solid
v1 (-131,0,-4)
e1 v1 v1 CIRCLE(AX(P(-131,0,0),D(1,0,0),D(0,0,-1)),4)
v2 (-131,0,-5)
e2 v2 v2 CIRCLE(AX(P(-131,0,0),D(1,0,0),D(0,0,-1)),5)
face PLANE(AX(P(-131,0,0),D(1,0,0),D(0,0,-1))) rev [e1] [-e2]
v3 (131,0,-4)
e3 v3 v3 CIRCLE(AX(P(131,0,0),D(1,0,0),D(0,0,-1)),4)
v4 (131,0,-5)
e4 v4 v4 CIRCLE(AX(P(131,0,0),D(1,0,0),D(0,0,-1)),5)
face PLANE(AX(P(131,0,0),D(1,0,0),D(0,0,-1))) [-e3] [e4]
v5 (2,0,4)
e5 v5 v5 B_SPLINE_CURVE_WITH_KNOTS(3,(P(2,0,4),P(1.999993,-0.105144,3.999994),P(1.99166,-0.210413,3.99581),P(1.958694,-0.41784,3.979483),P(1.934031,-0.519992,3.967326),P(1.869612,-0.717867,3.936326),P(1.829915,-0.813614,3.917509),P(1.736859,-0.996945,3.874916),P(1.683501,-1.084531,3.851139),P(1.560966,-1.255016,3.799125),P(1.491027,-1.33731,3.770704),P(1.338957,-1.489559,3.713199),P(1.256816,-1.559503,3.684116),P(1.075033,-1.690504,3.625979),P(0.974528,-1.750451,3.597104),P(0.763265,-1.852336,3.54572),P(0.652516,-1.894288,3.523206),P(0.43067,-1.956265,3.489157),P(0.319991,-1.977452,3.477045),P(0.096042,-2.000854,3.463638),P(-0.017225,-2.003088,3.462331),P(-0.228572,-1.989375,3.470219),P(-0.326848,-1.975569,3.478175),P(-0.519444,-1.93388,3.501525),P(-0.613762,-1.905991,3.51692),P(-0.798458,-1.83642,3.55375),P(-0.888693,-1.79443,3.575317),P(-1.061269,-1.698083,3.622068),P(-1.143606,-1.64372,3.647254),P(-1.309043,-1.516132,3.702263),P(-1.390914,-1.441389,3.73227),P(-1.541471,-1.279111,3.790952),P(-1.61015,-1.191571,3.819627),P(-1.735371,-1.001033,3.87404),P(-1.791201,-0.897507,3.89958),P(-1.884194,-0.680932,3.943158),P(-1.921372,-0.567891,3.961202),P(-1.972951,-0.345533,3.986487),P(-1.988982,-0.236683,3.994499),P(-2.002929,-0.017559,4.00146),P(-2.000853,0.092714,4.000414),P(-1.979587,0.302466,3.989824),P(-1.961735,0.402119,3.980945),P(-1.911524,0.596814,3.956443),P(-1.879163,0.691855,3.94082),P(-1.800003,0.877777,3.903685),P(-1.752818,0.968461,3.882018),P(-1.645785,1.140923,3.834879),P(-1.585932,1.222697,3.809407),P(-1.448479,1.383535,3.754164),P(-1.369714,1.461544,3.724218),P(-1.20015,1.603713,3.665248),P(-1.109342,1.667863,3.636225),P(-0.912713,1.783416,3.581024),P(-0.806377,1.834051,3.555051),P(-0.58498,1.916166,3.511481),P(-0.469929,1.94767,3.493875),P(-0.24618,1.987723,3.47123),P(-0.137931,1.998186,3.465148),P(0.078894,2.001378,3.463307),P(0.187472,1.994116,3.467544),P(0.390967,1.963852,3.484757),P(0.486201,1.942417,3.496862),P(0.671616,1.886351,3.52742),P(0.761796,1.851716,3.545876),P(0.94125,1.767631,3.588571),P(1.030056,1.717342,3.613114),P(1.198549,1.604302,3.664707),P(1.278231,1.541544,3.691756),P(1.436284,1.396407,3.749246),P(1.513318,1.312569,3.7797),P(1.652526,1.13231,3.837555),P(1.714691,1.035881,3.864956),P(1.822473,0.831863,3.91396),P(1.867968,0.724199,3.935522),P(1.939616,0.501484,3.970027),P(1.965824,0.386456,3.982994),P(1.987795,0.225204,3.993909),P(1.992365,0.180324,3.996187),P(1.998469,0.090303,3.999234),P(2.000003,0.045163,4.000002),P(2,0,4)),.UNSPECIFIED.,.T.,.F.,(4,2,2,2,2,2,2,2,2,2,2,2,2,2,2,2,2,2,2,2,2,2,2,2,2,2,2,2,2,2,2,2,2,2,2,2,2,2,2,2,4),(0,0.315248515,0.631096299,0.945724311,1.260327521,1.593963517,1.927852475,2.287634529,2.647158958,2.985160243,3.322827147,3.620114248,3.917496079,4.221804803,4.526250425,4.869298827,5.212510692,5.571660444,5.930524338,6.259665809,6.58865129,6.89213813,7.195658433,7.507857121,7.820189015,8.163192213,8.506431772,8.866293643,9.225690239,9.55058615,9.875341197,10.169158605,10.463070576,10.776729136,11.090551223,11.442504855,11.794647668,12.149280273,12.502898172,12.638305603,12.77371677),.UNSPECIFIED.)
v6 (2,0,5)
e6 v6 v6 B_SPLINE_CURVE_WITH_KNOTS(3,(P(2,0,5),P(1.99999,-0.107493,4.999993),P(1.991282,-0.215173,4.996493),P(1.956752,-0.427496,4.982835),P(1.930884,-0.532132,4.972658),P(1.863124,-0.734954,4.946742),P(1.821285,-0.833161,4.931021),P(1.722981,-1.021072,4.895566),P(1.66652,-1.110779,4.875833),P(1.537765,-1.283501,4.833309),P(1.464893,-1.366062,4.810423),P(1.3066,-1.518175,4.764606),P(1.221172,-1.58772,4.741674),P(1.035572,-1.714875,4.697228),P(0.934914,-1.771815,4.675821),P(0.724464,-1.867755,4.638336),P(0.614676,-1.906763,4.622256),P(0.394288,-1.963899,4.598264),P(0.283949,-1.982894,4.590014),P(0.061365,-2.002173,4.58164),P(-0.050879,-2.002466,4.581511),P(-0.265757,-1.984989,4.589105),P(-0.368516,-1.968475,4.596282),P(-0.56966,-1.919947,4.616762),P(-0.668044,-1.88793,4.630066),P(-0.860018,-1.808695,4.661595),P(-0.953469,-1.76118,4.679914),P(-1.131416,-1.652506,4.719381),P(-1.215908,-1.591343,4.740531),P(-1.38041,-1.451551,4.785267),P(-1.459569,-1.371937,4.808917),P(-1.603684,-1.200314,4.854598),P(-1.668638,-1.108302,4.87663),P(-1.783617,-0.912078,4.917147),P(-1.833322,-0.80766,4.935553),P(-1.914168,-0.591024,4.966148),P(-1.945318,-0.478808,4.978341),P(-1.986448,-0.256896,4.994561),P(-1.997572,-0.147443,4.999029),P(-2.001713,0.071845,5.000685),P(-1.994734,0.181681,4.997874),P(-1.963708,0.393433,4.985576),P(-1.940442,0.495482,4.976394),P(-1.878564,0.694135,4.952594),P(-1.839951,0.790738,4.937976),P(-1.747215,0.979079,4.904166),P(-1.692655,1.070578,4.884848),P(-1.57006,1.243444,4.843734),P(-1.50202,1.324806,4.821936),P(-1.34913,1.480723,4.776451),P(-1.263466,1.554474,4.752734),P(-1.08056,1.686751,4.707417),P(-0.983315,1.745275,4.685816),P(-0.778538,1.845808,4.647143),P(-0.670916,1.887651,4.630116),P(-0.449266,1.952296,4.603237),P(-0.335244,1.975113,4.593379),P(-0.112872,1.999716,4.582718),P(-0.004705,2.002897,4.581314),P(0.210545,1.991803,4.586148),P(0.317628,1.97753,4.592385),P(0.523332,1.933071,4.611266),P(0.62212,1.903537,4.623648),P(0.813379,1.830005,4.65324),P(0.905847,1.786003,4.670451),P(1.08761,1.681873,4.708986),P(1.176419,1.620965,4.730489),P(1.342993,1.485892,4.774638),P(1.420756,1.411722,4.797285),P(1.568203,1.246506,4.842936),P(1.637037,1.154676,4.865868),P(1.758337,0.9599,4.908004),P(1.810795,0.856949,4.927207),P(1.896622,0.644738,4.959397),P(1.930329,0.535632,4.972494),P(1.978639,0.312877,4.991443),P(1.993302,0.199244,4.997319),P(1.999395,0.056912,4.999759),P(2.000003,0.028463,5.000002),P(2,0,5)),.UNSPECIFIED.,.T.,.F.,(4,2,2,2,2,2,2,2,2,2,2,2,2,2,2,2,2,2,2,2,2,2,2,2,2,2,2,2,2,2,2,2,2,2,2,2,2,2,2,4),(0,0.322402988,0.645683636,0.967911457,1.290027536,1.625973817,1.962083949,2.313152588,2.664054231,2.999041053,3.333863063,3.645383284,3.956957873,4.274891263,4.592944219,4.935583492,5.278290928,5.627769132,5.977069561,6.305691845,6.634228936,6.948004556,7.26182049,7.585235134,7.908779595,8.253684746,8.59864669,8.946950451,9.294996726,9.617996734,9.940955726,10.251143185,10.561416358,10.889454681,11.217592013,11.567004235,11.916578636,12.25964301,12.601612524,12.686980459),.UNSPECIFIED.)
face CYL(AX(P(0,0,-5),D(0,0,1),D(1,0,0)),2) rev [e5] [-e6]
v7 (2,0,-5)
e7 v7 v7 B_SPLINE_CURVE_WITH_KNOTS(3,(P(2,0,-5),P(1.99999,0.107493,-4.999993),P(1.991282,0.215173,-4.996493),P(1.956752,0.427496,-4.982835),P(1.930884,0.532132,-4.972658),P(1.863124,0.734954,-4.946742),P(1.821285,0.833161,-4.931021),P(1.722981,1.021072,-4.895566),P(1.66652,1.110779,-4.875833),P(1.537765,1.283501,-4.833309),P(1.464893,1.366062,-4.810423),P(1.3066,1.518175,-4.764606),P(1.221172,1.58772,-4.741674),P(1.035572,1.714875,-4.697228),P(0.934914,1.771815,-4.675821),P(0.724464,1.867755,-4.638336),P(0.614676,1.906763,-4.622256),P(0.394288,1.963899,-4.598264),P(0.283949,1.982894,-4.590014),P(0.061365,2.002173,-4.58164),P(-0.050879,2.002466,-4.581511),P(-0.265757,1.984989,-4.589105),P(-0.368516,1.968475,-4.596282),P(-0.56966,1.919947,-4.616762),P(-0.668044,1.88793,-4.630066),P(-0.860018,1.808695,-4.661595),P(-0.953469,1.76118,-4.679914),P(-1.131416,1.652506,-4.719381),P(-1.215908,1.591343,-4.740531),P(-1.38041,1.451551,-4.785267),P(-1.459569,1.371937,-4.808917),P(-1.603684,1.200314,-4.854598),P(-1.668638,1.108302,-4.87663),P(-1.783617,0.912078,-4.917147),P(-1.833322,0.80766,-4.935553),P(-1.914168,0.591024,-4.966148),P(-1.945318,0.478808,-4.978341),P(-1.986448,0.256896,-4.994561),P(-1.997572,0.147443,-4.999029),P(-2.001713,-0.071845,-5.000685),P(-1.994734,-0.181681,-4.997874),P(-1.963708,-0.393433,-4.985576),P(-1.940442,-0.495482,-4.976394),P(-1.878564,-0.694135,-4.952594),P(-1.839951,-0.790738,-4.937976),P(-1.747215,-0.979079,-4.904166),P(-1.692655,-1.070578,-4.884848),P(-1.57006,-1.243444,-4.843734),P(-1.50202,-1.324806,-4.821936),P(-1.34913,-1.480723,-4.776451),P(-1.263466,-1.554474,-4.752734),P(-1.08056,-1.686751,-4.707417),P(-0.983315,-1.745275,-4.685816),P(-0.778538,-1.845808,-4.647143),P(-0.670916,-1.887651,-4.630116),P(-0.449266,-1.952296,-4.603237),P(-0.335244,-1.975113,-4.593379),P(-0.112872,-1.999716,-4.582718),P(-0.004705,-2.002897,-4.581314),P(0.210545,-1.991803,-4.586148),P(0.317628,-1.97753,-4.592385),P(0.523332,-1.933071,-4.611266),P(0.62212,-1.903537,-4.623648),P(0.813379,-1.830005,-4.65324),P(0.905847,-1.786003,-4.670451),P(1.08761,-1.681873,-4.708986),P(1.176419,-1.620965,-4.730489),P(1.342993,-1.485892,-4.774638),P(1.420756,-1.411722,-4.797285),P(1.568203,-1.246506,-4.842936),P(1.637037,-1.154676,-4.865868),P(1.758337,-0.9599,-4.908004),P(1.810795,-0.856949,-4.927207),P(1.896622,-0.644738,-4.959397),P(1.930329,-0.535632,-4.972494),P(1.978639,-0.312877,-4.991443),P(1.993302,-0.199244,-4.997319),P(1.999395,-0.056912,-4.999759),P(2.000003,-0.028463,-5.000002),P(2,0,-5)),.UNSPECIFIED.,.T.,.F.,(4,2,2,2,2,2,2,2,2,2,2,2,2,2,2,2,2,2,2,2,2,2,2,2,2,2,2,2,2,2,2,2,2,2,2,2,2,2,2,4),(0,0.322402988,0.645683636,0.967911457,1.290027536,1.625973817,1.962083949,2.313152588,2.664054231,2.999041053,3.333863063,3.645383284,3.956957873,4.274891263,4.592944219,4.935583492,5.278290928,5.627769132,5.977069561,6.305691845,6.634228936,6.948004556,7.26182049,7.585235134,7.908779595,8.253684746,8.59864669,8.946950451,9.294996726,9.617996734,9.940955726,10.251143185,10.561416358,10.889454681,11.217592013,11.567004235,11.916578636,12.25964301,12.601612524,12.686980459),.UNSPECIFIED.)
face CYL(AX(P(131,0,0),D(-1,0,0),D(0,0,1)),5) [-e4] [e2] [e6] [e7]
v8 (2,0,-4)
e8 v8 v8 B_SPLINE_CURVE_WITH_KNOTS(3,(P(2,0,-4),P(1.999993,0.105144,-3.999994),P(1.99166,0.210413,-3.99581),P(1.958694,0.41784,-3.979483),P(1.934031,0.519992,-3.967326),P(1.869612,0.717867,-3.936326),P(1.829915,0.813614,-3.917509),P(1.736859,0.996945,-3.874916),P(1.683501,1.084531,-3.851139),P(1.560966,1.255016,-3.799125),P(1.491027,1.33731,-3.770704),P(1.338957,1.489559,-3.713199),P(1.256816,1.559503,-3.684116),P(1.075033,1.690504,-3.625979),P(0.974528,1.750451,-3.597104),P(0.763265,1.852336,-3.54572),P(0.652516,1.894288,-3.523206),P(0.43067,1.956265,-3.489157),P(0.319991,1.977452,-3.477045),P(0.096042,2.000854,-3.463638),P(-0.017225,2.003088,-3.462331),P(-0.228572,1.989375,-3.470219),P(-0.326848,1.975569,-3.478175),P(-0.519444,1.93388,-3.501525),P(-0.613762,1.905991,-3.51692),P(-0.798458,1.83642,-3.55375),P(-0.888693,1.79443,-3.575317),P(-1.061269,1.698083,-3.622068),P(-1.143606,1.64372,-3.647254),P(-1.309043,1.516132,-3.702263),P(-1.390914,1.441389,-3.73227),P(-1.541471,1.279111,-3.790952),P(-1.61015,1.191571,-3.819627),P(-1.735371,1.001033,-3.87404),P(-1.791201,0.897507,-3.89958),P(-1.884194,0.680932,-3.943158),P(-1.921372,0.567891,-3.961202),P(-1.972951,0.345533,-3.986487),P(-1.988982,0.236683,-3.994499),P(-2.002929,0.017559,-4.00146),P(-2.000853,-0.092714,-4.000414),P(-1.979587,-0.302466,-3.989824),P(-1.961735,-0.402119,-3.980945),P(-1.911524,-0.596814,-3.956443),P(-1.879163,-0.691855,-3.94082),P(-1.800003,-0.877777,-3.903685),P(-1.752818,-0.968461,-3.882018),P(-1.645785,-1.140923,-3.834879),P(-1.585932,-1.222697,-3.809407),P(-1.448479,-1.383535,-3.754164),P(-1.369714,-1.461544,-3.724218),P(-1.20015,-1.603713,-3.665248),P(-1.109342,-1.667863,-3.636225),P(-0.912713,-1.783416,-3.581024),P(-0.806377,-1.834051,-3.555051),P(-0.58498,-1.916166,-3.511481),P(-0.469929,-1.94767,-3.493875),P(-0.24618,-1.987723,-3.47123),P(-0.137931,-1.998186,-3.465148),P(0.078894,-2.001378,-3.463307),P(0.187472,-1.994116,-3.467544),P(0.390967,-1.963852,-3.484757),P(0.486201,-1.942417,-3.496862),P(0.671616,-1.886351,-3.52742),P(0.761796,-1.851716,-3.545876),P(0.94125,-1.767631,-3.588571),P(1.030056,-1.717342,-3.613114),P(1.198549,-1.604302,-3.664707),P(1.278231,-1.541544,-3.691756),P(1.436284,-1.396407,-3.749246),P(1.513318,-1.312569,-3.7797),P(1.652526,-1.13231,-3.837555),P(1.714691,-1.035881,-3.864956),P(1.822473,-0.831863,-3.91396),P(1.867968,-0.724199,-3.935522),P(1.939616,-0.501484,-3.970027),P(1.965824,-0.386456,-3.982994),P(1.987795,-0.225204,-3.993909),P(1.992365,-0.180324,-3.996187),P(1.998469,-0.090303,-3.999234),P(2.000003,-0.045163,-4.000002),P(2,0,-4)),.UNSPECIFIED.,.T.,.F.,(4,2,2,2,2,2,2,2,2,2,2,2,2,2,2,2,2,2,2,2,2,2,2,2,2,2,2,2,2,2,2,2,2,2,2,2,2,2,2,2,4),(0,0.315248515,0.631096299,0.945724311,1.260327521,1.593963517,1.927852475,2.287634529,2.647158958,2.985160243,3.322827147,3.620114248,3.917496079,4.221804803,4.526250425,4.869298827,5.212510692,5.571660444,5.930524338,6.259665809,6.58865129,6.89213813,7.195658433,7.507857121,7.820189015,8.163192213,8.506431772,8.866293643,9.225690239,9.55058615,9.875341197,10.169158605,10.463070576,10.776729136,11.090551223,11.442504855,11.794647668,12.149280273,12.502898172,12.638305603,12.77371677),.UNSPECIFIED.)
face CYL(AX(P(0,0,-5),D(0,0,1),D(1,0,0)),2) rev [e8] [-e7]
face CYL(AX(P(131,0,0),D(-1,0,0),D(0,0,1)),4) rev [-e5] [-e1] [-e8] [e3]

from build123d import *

# Parameters (mm, degrees)
SKETCH_1_R               = 5
SKETCH_1_R_2             = 4
EXTRUDE_1_DEPTH          = 131
CUT_EXTRUDE_1_DEPTH      = 132.19070089
CUT_EXTRUDE_1_DEPTH_BACK = 132.19070089
SKETCH_2_R               = 2


with BuildPart() as part:
    # 草圖1 → 填料-伸長1 (new, symmetric)
    with BuildSketch(Plane(origin=(0, 0, 0), x_dir=(0, 0, -1), z_dir=(1, 0, 0))):
        Circle(SKETCH_1_R)
        Circle(SKETCH_1_R_2, mode=Mode.SUBTRACT)
    extrude(amount=EXTRUDE_1_DEPTH, both=True)

    # 草圖2 → 除料-伸長1 (cut, two sides: drawn at the far end of the back side and taken through both)
    with BuildSketch(Plane.XY.offset(-CUT_EXTRUDE_1_DEPTH_BACK)):
        Circle(SKETCH_2_R)
    extrude(amount=CUT_EXTRUDE_1_DEPTH + CUT_EXTRUDE_1_DEPTH_BACK, mode=Mode.SUBTRACT)


solid = part.part
